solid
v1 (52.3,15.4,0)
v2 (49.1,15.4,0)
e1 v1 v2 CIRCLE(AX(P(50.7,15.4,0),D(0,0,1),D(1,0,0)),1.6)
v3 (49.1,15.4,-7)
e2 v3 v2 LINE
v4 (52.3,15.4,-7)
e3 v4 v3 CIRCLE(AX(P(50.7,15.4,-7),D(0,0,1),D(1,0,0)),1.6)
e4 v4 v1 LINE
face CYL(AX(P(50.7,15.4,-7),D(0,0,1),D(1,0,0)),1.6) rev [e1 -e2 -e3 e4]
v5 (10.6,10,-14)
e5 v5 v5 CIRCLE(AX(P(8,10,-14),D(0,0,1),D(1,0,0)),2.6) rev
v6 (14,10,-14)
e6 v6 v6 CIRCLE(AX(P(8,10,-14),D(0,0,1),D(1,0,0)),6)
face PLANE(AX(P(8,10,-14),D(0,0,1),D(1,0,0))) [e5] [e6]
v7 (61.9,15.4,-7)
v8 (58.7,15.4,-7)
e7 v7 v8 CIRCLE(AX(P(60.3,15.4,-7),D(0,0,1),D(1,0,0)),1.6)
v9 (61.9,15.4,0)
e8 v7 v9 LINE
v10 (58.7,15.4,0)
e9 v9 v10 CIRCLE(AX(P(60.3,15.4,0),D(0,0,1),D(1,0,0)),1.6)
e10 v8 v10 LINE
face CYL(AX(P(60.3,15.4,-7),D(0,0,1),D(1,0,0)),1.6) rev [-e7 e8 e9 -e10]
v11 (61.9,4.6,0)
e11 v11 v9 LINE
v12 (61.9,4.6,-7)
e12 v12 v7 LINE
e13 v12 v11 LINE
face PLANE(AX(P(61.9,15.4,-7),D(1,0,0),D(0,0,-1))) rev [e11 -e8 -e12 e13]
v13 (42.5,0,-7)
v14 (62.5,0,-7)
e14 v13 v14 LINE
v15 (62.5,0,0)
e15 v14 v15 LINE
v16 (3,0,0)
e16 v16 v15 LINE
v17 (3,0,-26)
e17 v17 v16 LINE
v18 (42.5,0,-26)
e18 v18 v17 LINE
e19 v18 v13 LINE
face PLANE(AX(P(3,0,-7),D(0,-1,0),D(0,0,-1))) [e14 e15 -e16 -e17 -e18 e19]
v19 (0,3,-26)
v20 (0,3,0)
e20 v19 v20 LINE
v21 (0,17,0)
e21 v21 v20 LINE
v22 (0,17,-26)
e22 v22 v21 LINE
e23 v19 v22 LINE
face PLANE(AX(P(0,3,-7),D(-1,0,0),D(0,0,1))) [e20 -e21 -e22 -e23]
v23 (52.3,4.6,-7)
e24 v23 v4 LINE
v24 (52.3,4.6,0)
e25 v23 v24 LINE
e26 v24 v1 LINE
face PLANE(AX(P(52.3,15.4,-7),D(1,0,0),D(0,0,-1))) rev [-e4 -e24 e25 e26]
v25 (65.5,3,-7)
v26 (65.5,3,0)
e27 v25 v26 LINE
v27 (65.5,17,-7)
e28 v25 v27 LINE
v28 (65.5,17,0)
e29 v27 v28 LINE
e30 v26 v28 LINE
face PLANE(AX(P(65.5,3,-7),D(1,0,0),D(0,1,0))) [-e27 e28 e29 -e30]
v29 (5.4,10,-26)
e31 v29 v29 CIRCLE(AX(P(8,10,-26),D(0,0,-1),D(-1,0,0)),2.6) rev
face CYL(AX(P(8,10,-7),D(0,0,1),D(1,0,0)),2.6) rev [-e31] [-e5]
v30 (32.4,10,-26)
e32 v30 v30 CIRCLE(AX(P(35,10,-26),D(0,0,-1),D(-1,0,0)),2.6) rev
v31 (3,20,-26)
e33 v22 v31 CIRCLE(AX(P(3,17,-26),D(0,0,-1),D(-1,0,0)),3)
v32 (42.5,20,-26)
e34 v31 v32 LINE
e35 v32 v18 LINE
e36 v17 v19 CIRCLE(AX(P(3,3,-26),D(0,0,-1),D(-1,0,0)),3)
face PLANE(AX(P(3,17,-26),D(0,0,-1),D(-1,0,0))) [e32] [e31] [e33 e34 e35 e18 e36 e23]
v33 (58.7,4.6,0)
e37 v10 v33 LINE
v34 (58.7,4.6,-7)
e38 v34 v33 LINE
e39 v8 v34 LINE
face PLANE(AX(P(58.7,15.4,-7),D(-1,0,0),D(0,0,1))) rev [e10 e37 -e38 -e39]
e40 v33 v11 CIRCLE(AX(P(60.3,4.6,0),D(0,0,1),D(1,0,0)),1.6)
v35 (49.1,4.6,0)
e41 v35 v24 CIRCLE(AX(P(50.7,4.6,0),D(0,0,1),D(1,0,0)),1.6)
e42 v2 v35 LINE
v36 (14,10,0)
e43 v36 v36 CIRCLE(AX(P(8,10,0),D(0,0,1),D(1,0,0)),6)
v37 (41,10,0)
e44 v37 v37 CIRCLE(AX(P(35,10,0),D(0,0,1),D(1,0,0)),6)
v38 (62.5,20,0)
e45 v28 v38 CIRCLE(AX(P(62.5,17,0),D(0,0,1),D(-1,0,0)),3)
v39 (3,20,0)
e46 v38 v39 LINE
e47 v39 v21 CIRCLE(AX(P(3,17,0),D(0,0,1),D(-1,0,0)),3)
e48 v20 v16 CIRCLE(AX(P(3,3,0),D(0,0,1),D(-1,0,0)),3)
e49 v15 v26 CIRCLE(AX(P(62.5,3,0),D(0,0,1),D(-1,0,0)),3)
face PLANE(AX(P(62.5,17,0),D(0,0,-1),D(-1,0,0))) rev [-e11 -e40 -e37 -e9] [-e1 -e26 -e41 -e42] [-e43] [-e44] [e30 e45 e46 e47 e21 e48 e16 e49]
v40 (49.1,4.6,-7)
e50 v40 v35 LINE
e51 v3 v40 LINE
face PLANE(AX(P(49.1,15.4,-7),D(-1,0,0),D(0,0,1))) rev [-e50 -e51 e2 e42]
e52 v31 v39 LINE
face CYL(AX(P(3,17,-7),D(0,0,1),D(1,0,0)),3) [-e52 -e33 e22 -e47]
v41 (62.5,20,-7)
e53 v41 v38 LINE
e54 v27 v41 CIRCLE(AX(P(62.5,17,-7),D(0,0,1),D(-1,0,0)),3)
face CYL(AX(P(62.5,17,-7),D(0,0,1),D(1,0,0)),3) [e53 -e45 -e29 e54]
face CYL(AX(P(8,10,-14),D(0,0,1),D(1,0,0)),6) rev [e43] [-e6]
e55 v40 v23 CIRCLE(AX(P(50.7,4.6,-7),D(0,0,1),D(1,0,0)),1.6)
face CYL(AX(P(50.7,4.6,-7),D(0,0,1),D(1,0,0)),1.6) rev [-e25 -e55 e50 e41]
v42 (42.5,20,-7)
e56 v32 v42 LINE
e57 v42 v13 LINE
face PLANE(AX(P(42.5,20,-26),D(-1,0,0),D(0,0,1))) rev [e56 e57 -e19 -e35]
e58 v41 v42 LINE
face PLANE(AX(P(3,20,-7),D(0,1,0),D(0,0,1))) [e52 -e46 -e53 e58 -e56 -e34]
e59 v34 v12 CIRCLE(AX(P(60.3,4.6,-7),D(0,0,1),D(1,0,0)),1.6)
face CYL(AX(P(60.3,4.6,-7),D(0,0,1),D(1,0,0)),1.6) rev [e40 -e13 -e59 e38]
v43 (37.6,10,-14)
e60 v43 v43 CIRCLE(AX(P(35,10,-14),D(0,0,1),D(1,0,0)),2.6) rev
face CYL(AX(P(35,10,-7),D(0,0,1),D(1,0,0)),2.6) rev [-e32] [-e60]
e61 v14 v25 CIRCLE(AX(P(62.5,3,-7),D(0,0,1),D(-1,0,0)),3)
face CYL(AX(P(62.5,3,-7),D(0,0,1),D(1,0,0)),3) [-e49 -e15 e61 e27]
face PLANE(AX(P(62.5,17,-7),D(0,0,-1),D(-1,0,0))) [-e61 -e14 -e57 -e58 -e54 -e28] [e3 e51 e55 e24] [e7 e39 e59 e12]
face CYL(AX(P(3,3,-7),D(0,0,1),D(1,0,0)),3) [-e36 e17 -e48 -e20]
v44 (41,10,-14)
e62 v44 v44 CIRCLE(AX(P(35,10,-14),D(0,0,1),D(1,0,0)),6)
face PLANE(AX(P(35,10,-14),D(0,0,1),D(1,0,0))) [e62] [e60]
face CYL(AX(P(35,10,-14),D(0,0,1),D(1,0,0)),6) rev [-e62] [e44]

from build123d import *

# Parameters (mm, degrees)
SKETCH1_R           = 2.6
BOSS_EXTRUDE1_DEPTH = 7
BOSS_EXTRUDE2_DEPTH = 19
SKETCH3_R           = 2.6
CUT_EXTRUDE1_DEPTH  = 19
SKETCH4_R           = 6
CUT_EXTRUDE2_DEPTH  = 14


with BuildPart() as part:
    # Sketch1 → Boss-Extrude1 (new body)
    with BuildSketch(Plane.XY):
        with BuildLine():
            Line((3, 0), (62.5, 0))
            ThreePointArc((62.5, 0), (64.621320344, 0.878679656), (65.5, 3))
            Line((65.5, 3), (65.5, 17))
            ThreePointArc((65.5, 17), (64.621320344, 19.121320344), (62.5, 20))
            Line((62.5, 20), (3, 20))
            ThreePointArc((3, 20), (0.878679656, 19.121320344), (0, 17))
            Line((0, 17), (0, 3))
            ThreePointArc((0, 3), (0.878679656, 0.878679656), (3, 0))
        make_face()
        with Locations((8, 10)):
            Circle(SKETCH1_R, mode=Mode.SUBTRACT)
        with Locations((35, 10)):
            Circle(SKETCH1_R, mode=Mode.SUBTRACT)
        with BuildLine():
            Line((49.1, 15.4), (49.1, 4.6))
            ThreePointArc((49.1, 4.6), (50.7, 3), (52.3, 4.6))
            Line((52.3, 4.6), (52.3, 15.4))
            ThreePointArc((52.3, 15.4), (50.7, 17), (49.1, 15.4))
        make_face(mode=Mode.SUBTRACT)
        with BuildLine():
            Line((58.7, 15.4), (58.7, 4.6))
            ThreePointArc((58.7, 4.6), (60.3, 3), (61.9, 4.6))
            Line((61.9, 4.6), (61.9, 15.4))
            ThreePointArc((61.9, 15.4), (60.3, 17), (58.7, 15.4))
        make_face(mode=Mode.SUBTRACT)
    extrude(amount=-BOSS_EXTRUDE1_DEPTH)

    # Sketch2 → Boss-Extrude2 (add)
    with BuildSketch(Plane(origin=(0, 0, -7), x_dir=(-1, 0, 0), z_dir=(0, 0, -1))):
        with BuildLine():
            Line((-42.5, 20), (-42.5, 0))
            Line((-42.5, 0), (-3, 0))
            ThreePointArc((-3, 0), (-0.878679656, 0.878679656), (0, 3))
            Line((0, 3), (0, 17))
            ThreePointArc((0, 17), (-0.878679656, 19.121320344), (-3, 20))
            Line((-3, 20), (-42.5, 20))
        make_face()
    extrude(amount=BOSS_EXTRUDE2_DEPTH)

    # Sketch3 → Cut-Extrude1 (cut)
    with BuildSketch(Plane.XY.offset(-7)):
        with Locations((8, 10)):
            Circle(SKETCH3_R)
        with Locations((35, 10)):
            Circle(SKETCH3_R)
    extrude(amount=-CUT_EXTRUDE1_DEPTH, mode=Mode.SUBTRACT)

    # Sketch4 → Cut-Extrude2 (cut)
    with BuildSketch(Plane.XY):
        with Locations((8, 10)):
            Circle(SKETCH4_R)
        with Locations((35, 10)):
            Circle(SKETCH4_R)
    extrude(amount=-CUT_EXTRUDE2_DEPTH, mode=Mode.SUBTRACT)


solid = part.part
